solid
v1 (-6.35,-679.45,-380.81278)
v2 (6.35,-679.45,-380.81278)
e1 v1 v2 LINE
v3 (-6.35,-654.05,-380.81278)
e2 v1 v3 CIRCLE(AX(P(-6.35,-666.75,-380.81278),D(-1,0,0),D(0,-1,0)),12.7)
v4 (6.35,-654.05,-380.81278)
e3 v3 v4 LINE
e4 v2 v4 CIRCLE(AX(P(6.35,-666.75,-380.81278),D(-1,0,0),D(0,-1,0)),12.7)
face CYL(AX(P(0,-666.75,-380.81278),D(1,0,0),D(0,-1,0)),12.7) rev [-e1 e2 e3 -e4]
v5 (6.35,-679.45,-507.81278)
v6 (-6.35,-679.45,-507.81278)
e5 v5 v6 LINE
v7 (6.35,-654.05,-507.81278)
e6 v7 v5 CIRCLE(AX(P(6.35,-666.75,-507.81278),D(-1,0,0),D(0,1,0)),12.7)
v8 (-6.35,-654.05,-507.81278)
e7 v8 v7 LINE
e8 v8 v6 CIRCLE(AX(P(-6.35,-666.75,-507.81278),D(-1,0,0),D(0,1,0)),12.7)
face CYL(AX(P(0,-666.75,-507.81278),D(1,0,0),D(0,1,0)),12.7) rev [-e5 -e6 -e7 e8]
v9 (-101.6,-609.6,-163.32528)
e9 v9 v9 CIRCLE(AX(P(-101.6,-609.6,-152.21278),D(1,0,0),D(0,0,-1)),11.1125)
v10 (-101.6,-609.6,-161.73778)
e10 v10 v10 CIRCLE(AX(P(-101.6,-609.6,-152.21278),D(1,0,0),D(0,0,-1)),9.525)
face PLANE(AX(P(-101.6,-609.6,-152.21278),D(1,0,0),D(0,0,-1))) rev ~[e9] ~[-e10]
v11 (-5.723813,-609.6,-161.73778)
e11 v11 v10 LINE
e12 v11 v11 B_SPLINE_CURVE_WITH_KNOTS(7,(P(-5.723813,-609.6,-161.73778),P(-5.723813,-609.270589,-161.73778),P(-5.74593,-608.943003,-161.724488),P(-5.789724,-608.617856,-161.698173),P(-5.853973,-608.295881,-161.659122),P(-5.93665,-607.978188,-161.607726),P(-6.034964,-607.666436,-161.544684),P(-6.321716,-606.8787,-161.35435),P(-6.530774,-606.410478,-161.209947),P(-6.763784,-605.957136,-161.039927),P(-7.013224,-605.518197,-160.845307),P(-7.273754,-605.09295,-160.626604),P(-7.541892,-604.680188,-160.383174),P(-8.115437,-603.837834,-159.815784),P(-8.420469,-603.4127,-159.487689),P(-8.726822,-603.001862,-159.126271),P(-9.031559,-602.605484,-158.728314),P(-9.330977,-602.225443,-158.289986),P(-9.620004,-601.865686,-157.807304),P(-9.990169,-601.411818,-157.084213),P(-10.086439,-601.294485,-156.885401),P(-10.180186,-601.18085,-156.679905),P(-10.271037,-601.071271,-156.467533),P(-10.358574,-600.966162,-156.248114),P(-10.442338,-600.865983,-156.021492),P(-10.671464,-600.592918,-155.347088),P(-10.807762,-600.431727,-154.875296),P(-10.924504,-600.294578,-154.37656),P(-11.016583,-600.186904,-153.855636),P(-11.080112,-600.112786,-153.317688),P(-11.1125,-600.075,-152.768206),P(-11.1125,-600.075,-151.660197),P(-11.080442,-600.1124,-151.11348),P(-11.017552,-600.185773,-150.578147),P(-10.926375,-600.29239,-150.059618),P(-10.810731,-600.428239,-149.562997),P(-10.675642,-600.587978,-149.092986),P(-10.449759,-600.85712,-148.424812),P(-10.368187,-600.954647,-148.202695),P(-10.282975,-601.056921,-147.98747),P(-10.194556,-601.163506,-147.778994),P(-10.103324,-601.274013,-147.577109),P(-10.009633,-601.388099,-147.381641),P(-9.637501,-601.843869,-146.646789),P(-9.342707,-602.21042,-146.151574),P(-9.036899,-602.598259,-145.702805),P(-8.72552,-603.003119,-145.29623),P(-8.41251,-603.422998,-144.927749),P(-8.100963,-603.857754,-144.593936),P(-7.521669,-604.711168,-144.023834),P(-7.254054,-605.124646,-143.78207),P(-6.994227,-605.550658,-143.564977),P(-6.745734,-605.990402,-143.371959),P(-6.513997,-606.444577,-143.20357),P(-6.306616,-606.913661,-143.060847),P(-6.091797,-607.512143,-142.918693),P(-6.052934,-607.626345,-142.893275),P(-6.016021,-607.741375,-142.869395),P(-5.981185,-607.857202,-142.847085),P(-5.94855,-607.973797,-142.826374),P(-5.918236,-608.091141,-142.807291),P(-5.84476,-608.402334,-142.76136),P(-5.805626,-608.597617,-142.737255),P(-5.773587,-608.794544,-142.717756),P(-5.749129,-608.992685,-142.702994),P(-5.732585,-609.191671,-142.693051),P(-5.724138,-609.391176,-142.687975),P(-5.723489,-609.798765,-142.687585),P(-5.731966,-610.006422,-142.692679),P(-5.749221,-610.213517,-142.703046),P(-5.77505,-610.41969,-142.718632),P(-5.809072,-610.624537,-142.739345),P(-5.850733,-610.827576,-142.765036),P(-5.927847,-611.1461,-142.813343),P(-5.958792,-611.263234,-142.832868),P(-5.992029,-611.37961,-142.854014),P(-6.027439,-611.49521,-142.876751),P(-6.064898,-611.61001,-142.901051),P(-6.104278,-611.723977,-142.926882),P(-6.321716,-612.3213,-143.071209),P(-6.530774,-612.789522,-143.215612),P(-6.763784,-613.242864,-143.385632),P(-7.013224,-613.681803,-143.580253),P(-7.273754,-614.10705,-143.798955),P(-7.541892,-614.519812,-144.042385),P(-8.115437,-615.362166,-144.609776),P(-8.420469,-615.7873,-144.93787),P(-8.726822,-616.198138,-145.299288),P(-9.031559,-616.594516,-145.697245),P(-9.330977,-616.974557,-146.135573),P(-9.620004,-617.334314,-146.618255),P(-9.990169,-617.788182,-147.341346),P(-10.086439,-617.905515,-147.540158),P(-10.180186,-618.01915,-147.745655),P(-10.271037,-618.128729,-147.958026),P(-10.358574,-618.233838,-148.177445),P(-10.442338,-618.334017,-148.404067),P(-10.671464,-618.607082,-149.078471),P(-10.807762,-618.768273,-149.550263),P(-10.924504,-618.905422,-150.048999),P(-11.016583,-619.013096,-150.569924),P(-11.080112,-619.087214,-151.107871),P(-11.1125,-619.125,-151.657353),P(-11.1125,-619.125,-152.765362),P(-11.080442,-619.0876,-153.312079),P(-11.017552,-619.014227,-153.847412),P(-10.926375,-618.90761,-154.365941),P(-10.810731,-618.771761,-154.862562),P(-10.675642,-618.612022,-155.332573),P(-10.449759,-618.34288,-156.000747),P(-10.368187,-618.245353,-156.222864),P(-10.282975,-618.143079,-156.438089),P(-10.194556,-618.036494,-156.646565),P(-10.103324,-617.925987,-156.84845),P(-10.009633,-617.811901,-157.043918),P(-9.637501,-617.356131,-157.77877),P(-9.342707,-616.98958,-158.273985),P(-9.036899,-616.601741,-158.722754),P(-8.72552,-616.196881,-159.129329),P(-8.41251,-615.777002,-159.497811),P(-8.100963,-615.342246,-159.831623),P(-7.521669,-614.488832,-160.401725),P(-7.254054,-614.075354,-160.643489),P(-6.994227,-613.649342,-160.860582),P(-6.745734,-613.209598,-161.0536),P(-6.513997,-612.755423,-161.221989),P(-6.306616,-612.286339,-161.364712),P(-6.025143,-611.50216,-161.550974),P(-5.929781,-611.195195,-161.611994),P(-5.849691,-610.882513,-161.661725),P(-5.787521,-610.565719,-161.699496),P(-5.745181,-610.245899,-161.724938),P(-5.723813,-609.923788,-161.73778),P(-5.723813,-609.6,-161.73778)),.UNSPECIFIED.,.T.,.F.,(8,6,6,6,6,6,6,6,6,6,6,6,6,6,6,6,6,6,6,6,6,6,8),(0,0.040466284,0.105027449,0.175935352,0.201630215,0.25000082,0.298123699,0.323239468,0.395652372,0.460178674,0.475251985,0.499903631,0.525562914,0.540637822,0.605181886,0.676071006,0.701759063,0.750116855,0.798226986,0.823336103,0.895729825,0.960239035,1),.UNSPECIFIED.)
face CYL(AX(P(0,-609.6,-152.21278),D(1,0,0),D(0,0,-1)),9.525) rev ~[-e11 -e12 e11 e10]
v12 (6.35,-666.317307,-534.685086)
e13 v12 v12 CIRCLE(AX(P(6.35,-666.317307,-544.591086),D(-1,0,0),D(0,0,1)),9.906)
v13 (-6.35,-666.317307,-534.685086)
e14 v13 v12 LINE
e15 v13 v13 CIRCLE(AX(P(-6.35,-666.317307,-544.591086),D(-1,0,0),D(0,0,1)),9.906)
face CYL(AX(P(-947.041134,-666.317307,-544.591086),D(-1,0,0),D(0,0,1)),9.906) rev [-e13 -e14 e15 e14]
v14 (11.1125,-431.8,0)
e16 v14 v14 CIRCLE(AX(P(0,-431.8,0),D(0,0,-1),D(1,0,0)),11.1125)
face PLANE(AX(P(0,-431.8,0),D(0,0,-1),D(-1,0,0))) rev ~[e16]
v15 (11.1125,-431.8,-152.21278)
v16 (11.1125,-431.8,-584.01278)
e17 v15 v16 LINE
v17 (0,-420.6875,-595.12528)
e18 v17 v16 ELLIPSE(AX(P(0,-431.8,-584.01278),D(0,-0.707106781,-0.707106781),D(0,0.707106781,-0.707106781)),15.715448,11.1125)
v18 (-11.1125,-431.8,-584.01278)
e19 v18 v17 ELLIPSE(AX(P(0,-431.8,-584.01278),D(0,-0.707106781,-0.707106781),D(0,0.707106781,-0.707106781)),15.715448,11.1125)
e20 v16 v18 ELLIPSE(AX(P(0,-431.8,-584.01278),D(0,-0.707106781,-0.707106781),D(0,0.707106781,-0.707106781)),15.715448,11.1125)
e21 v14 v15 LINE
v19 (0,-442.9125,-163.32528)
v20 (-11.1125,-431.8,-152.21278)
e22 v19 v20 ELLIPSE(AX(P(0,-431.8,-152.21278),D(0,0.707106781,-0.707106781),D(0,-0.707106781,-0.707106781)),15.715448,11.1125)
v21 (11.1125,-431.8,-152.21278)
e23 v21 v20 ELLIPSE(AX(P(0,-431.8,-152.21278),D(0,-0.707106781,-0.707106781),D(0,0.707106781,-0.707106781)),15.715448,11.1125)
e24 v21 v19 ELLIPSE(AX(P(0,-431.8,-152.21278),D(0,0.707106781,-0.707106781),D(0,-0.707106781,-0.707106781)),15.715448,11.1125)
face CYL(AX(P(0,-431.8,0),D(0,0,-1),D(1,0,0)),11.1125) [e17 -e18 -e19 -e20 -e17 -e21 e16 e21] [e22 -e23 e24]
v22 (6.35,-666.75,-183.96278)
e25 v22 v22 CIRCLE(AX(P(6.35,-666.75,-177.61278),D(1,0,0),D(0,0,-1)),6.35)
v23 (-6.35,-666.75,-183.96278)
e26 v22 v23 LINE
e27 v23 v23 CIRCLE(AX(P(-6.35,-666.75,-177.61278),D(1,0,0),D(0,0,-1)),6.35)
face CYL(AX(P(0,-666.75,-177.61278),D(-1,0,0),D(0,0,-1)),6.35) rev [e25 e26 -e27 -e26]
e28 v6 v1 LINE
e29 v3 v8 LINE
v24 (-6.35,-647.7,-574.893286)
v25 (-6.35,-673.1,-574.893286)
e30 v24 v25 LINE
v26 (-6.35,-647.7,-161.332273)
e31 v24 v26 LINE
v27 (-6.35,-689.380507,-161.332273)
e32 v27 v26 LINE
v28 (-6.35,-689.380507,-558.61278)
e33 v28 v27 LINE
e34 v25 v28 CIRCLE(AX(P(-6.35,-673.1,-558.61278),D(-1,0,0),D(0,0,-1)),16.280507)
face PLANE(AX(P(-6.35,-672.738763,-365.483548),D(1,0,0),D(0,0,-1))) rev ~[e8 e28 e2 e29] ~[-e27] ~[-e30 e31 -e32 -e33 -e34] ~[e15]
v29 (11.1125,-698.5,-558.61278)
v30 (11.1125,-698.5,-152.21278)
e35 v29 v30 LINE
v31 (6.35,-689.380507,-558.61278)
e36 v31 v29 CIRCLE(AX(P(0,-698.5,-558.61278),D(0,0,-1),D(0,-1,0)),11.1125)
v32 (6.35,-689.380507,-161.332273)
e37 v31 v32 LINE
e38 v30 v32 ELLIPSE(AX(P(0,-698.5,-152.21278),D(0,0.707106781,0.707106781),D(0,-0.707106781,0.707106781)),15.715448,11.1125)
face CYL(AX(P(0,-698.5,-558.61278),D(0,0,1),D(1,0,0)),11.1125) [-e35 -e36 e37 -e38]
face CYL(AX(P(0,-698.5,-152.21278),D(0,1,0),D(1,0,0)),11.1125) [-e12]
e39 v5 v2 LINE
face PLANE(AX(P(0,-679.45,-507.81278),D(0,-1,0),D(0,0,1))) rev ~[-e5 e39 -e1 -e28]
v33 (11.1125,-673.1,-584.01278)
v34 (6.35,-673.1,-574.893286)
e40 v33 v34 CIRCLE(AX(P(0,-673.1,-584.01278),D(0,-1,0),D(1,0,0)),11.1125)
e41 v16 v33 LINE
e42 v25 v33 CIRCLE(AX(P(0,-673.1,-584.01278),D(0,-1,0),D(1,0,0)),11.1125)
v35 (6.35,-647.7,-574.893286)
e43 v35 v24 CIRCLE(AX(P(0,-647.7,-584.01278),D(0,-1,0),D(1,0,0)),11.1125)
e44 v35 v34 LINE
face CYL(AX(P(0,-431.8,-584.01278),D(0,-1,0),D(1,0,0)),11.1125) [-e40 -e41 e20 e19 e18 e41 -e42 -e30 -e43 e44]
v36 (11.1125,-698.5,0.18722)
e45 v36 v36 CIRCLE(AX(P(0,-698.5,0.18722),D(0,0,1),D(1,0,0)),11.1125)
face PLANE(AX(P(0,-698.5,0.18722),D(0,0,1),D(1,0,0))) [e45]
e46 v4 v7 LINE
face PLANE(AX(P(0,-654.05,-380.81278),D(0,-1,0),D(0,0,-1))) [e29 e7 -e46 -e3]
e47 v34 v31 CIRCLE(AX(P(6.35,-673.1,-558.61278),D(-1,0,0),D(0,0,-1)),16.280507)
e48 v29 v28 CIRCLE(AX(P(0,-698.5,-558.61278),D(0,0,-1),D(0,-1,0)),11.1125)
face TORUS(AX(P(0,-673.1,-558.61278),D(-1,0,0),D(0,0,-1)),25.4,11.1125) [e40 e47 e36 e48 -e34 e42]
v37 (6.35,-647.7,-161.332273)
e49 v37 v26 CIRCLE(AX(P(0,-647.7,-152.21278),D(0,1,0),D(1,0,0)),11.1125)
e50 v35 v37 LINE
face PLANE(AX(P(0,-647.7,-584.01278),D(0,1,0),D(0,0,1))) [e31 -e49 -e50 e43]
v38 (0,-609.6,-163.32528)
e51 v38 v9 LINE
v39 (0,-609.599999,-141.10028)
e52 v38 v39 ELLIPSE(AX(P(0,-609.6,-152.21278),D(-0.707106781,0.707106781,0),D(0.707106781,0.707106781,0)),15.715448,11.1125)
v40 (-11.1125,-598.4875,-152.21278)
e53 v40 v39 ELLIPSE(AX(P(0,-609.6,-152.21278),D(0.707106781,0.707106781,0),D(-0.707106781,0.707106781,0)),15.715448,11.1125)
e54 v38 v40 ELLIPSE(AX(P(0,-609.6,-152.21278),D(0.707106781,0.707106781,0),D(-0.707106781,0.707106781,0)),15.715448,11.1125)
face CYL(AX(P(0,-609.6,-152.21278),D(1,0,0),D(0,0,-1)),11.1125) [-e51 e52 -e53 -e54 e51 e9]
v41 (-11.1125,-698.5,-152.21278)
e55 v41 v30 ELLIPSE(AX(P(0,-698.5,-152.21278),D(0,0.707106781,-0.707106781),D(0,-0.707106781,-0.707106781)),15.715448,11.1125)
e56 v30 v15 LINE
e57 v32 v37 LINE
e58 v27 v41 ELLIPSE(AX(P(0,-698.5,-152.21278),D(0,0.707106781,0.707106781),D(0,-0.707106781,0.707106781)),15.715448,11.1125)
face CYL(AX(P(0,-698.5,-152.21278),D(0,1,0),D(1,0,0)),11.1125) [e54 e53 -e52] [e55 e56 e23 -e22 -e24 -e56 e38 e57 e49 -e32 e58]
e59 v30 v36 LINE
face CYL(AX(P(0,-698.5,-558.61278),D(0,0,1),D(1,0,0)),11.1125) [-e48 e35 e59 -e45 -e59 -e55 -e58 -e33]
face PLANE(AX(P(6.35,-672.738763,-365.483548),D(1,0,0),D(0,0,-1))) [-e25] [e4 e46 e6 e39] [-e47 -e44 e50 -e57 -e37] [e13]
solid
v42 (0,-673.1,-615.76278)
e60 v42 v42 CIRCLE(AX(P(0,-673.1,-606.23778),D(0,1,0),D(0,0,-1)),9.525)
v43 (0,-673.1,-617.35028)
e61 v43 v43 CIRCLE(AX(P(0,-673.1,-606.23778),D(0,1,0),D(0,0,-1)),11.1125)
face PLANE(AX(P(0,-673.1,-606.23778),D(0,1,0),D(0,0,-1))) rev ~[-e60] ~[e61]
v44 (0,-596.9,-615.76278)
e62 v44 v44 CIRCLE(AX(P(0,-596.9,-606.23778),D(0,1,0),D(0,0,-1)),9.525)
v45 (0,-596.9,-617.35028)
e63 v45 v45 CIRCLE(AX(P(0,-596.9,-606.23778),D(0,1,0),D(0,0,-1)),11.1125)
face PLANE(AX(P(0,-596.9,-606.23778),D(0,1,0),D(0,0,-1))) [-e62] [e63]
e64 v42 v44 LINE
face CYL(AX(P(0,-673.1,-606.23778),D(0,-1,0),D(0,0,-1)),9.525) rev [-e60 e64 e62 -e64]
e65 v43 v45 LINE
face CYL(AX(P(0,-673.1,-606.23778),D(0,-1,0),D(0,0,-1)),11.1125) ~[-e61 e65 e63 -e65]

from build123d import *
from build123d.topology import SkipClean

# Parameters (mm, degrees)
SKETCH3_R               = 11.1125
SKETCH3_8_R             = 11.1125
SKETCH11_R              = 6.35
BOSS_EXTRUDE2_DEPTH     = 6.35
SKETCH12_R              = 11.1125
SKETCH12_R_2            = 9.525
BOSS_EXTRUDE3_DEPTH     = 101.6
SKETCH13_R              = 11.1125
SKETCH13_R_2            = 9.525
BOSS_EXTRUDE4_DEPTH     = 76.2
CUT_EXTRUDE1_DEPTH      = 947.041134319
CUT_EXTRUDE1_DEPTH_BACK = 947.041134319
SKETCH14_R              = 9.906


with BuildPart() as part:
    # Sweep1: sweep along a path in Sketch1
    with BuildLine(Plane(origin=(0, 0, 0), x_dir=(0, 0, -1), z_dir=(1, 0, 0))) as sweep1_path:
        Line((0, -431.8), (152.212779539, -431.8))
        Line((152.212779539, -431.8), (584.012779539, -431.8))
        Line((584.012779539, -431.8), (584.012779539, -673.1))
        ThreePointArc((584.012779539, -673.1), (576.573291781, -691.060512242), (558.612779539, -698.5))
        Line((558.612779539, -698.5), (152.212779539, -698.5))
        Line((152.212779539, -698.5), (-0.187220461, -698.5))
    # Sketch3 → Sweep1 (sweep)
    with BuildSketch(Plane.XY):
        with Locations((0, -698.5)):
            Circle(SKETCH3_R)
    sweep(path=sweep1_path.line, transition=Transition.RIGHT)

    # Sweep2: sweep along a path in Sketch1<23>
    with BuildLine(Plane(origin=(0, 0, 0), x_dir=(0, 0, -1), z_dir=(1, 0, 0))) as sweep2_path:
        Line((-0.187220461, -698.5), (152.212779539, -698.5))
        Line((152.212779539, -698.5), (152.212779539, -431.8))
    # Sketch3<8> → Sweep2 (sweep)
    with BuildSketch(Plane.XY):
        with Locations((0, -698.5)):
            Circle(SKETCH3_8_R)
    sweep(path=sweep2_path.line, transition=Transition.RIGHT)

    # Sketch11 → Boss-Extrude2 (add, symmetric)
    with BuildSketch(Plane(origin=(0, 0, 0), x_dir=(0, 0, -1), z_dir=(1, 0, 0))):
        with BuildLine():
            Line((584.012779539, -673.1), (584.012779539, -647.7))
            Line((584.012779539, -647.7), (152.212779539, -647.7))
            Line((152.212779539, -647.7), (152.212779539, -698.5))
            Line((152.212779539, -698.5), (558.612779539, -698.5))
            ThreePointArc((558.612779539, -698.5), (576.573291781, -691.060512242), (584.012779539, -673.1))
        make_face()
        with BuildLine():
            ThreePointArc((380.812779539, -679.45), (368.112779539, -666.75), (380.812779539, -654.05))
            Line((380.812779539, -654.05), (507.812779539, -654.05))
            ThreePointArc((507.812779539, -654.05), (520.512779539, -666.75), (507.812779539, -679.45))
            Line((507.812779539, -679.45), (380.812779539, -679.45))
        make_face(mode=Mode.SUBTRACT)
        with Locations((177.612779539, -666.75)):
            Circle(SKETCH11_R, mode=Mode.SUBTRACT)
    extrude(amount=BOSS_EXTRUDE2_DEPTH, both=True)

    # Sketch12 → Boss-Extrude3 (add)
    with SkipClean():  # the faces are left unmerged after this step: merging them gives an invalid solid
        with BuildSketch(Plane(origin=(0, 0, 0), x_dir=(0, 0, -1), z_dir=(1, 0, 0))):
            with Locations((152.212779539, -609.6)):
                Circle(SKETCH12_R)
            with Locations((152.212779539, -609.6)):
                Circle(SKETCH12_R_2, mode=Mode.SUBTRACT)
        extrude(amount=-BOSS_EXTRUDE3_DEPTH)

    # Sketch14 → Cut-Extrude1 (cut, two sides: drawn at the far end of the back side and taken through both)
    with SkipClean():  # the faces are left unmerged after this step: merging them gives an invalid solid
        with BuildSketch(Plane(origin=(0, 0, 0), x_dir=(0, 0, -1), z_dir=(1, 0, 0)).offset(-CUT_EXTRUDE1_DEPTH_BACK)):
            with Locations((544.591086338, -666.317306799)):
                Circle(SKETCH14_R)
        extrude(amount=CUT_EXTRUDE1_DEPTH + CUT_EXTRUDE1_DEPTH_BACK, mode=Mode.SUBTRACT)


with BuildPart() as body_2:
    # Sketch13 → Boss-Extrude4 (new body)
    with BuildSketch(Plane(origin=(0, -673.1, 0), x_dir=(1, 0, 0), z_dir=(0, 1, 0))):
        with Locations((0, 606.237779539)):
            Circle(SKETCH13_R)
        with Locations((0, 606.237779539)):
            Circle(SKETCH13_R_2, mode=Mode.SUBTRACT)
    extrude(amount=BOSS_EXTRUDE4_DEPTH)


solid = Compound([part.part, body_2.part])
